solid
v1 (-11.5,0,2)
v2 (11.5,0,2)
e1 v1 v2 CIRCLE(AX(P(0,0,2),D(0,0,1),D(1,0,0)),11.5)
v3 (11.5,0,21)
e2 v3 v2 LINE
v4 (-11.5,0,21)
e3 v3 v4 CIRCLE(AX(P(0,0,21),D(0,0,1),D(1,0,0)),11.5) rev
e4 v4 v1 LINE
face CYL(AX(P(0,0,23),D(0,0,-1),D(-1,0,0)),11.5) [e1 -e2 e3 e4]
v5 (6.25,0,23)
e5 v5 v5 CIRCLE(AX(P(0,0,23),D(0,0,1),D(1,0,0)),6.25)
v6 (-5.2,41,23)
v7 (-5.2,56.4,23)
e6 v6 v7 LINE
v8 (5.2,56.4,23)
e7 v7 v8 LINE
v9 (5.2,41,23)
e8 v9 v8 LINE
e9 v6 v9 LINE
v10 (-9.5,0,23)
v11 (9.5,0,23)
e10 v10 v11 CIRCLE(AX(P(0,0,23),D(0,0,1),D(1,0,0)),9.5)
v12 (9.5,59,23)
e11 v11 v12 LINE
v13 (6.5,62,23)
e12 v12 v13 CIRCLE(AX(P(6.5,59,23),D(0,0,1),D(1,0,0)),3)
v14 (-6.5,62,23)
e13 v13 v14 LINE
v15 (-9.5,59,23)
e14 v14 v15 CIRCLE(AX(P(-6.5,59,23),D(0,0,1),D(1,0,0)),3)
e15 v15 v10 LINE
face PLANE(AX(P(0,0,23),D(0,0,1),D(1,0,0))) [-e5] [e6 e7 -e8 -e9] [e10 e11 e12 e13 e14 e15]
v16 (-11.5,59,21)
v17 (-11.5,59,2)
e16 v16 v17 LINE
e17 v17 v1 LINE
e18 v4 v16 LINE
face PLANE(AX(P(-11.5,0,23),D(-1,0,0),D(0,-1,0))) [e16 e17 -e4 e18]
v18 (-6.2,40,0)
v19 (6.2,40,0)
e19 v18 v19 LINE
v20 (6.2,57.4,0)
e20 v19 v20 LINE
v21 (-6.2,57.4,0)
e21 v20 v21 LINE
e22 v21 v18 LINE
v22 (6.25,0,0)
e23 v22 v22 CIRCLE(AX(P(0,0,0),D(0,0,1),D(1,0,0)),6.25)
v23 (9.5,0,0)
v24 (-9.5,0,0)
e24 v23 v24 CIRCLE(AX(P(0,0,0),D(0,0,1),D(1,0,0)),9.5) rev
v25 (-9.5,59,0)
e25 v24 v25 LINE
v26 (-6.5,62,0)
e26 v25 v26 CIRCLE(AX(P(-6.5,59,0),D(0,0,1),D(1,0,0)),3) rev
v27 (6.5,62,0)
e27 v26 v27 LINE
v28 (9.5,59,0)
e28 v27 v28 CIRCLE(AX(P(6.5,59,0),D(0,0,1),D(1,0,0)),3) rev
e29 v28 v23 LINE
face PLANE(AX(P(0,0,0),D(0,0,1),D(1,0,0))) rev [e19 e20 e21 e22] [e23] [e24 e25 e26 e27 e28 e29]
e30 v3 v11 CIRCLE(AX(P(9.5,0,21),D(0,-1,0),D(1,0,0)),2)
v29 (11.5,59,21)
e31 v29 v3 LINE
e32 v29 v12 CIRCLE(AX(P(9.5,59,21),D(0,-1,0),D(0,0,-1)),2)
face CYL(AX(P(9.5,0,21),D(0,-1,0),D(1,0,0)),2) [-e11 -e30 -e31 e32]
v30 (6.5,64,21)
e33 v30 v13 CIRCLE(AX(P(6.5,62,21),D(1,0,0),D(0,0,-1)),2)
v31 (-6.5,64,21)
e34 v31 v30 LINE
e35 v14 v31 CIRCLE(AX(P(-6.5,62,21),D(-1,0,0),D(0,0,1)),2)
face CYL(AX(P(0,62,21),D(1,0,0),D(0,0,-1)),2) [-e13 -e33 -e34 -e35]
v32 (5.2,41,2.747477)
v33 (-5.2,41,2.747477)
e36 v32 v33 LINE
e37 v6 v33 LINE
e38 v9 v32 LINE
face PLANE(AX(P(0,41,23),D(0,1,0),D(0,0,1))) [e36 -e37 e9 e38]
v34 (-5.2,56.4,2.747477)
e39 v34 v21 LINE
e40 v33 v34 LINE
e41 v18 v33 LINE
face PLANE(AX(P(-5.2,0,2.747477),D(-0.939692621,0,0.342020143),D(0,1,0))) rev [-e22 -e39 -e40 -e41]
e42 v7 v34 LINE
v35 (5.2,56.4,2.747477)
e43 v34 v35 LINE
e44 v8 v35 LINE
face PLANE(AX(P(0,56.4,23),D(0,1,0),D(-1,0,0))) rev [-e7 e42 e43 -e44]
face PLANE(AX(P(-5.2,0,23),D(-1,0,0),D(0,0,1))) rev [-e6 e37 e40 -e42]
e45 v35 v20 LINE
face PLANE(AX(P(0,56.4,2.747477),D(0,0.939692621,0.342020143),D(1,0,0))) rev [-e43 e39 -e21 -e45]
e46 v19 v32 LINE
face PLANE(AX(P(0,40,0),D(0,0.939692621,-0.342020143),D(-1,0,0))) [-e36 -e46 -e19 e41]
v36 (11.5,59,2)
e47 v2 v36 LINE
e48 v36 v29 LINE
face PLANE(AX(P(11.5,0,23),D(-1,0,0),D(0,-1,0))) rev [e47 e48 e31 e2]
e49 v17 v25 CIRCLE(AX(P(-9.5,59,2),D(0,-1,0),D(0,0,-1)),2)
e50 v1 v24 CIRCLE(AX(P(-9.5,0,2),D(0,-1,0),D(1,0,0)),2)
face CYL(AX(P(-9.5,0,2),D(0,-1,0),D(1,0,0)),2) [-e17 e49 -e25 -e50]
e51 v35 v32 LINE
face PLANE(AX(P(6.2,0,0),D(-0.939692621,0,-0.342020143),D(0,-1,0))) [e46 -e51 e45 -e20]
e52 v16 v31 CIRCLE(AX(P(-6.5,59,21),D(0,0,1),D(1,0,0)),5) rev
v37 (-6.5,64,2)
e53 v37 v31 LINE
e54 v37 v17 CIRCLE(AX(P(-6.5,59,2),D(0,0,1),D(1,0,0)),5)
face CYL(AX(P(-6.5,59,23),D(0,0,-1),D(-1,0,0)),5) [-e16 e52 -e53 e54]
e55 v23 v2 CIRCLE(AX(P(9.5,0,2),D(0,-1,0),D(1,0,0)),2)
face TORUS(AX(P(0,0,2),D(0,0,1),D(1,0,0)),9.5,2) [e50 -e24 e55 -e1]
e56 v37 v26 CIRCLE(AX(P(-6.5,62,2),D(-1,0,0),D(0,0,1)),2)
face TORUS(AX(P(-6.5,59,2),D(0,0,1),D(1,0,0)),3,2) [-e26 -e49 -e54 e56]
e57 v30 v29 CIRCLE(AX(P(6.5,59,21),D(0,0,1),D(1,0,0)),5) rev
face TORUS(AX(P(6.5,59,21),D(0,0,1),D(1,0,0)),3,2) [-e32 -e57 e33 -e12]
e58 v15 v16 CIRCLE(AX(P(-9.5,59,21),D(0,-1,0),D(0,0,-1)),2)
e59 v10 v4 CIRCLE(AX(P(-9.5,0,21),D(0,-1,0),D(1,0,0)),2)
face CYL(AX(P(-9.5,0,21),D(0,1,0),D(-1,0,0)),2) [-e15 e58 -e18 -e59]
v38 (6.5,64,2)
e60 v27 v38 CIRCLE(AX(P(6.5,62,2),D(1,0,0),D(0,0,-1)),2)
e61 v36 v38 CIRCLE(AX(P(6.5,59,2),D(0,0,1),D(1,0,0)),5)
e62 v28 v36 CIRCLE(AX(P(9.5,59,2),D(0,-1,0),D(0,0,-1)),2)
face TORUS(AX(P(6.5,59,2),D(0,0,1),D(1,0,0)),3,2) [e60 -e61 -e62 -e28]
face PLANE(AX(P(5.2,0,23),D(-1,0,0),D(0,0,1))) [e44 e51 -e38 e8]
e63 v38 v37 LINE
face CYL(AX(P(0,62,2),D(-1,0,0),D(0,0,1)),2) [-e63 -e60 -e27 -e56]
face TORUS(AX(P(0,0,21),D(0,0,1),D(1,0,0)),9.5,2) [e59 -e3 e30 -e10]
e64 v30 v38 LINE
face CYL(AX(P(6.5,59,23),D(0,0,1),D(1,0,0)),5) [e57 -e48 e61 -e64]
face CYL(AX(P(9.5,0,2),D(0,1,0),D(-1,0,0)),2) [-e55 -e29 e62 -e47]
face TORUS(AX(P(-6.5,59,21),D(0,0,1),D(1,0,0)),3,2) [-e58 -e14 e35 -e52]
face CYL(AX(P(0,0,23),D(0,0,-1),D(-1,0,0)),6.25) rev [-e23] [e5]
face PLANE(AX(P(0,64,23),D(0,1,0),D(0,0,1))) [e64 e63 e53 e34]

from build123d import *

# Parameters (mm, degrees)
SKETCH1_W           = 10.4
SKETCH1_H           = 15.4
SKETCH1_R           = 11.5
SKETCH1_R_2         = 6.25
BOSS_EXTRUDE1_DEPTH = 23
CHAMFER2_SIZE       = 1
CHAMFER2_SIZE2      = 2.747477419
FILLET2_R           = 5
FILLET3_R           = 2


with BuildPart() as part:
    # Sketch1 → Boss-Extrude1 (new body)
    # profile 1 of 2: a face of its own
    with BuildSketch(Plane.XY):
        with BuildLine():
            Line((-11.5, 64), (-11.5, 4e-09))
            ThreePointArc((-11.5, 4e-09), (2e-09, 11.5), (11.5, 0))
            Line((11.5, 0), (11.5, 64))
            Line((11.5, 64), (-11.5, 64))
        make_face()
        with Locations((0, 48.7)):
            Rectangle(SKETCH1_W, SKETCH1_H, mode=Mode.SUBTRACT)
    # profile 2 of 2: a face of its own
    with BuildSketch(Plane.XY):
        Circle(SKETCH1_R)
        Circle(SKETCH1_R_2, mode=Mode.SUBTRACT)
    extrude(amount=BOSS_EXTRUDE1_DEPTH)

    # Chamfer2
    chamfer2_edges = [part.edges().sort_by_distance(p)[0] for p in [
        (0, 56.4, 0),
        (-5.2, 48.7, 0),
        (0, 41, 0),
        (5.2, 48.7, 0),
    ]]
    chamfer2_side = [part.faces().sort_by_distance(p)[0] for p in [
        (0, 27.411701329, 0),
    ]]
    chamfer(chamfer2_edges, length=CHAMFER2_SIZE, length2=CHAMFER2_SIZE2, reference=chamfer2_side[0])

    # Fillet2
    fillet2_edges = [part.edges().sort_by_distance(p)[0] for p in [
        (-11.5, 64, 11.5),
        (11.5, 64, 11.5),
    ]]
    fillet(fillet2_edges, radius=FILLET2_R)

    # Fillet3
    fillet3_edges = [part.edges().sort_by_distance(p)[0] for p in [
        (-2e-09, -11.5, 23),
        (11.5, 29.5, 0),
        (-2e-09, -11.5, 0),
        (-11.5, 29.500000002, 0),
        (11.5, 29.5, 23),
        (0, 64, 0),
        (10.035533906, 62.535533906, 0),
        (-10.035533906, 62.535533906, 0),
        (0, 64, 23),
        (10.035533906, 62.535533906, 23),
        (-10.035533906, 62.535533906, 23),
        (-11.5, 29.500000002, 23),
    ]]
    fillet(fillet3_edges, radius=FILLET3_R)


solid = part.part
